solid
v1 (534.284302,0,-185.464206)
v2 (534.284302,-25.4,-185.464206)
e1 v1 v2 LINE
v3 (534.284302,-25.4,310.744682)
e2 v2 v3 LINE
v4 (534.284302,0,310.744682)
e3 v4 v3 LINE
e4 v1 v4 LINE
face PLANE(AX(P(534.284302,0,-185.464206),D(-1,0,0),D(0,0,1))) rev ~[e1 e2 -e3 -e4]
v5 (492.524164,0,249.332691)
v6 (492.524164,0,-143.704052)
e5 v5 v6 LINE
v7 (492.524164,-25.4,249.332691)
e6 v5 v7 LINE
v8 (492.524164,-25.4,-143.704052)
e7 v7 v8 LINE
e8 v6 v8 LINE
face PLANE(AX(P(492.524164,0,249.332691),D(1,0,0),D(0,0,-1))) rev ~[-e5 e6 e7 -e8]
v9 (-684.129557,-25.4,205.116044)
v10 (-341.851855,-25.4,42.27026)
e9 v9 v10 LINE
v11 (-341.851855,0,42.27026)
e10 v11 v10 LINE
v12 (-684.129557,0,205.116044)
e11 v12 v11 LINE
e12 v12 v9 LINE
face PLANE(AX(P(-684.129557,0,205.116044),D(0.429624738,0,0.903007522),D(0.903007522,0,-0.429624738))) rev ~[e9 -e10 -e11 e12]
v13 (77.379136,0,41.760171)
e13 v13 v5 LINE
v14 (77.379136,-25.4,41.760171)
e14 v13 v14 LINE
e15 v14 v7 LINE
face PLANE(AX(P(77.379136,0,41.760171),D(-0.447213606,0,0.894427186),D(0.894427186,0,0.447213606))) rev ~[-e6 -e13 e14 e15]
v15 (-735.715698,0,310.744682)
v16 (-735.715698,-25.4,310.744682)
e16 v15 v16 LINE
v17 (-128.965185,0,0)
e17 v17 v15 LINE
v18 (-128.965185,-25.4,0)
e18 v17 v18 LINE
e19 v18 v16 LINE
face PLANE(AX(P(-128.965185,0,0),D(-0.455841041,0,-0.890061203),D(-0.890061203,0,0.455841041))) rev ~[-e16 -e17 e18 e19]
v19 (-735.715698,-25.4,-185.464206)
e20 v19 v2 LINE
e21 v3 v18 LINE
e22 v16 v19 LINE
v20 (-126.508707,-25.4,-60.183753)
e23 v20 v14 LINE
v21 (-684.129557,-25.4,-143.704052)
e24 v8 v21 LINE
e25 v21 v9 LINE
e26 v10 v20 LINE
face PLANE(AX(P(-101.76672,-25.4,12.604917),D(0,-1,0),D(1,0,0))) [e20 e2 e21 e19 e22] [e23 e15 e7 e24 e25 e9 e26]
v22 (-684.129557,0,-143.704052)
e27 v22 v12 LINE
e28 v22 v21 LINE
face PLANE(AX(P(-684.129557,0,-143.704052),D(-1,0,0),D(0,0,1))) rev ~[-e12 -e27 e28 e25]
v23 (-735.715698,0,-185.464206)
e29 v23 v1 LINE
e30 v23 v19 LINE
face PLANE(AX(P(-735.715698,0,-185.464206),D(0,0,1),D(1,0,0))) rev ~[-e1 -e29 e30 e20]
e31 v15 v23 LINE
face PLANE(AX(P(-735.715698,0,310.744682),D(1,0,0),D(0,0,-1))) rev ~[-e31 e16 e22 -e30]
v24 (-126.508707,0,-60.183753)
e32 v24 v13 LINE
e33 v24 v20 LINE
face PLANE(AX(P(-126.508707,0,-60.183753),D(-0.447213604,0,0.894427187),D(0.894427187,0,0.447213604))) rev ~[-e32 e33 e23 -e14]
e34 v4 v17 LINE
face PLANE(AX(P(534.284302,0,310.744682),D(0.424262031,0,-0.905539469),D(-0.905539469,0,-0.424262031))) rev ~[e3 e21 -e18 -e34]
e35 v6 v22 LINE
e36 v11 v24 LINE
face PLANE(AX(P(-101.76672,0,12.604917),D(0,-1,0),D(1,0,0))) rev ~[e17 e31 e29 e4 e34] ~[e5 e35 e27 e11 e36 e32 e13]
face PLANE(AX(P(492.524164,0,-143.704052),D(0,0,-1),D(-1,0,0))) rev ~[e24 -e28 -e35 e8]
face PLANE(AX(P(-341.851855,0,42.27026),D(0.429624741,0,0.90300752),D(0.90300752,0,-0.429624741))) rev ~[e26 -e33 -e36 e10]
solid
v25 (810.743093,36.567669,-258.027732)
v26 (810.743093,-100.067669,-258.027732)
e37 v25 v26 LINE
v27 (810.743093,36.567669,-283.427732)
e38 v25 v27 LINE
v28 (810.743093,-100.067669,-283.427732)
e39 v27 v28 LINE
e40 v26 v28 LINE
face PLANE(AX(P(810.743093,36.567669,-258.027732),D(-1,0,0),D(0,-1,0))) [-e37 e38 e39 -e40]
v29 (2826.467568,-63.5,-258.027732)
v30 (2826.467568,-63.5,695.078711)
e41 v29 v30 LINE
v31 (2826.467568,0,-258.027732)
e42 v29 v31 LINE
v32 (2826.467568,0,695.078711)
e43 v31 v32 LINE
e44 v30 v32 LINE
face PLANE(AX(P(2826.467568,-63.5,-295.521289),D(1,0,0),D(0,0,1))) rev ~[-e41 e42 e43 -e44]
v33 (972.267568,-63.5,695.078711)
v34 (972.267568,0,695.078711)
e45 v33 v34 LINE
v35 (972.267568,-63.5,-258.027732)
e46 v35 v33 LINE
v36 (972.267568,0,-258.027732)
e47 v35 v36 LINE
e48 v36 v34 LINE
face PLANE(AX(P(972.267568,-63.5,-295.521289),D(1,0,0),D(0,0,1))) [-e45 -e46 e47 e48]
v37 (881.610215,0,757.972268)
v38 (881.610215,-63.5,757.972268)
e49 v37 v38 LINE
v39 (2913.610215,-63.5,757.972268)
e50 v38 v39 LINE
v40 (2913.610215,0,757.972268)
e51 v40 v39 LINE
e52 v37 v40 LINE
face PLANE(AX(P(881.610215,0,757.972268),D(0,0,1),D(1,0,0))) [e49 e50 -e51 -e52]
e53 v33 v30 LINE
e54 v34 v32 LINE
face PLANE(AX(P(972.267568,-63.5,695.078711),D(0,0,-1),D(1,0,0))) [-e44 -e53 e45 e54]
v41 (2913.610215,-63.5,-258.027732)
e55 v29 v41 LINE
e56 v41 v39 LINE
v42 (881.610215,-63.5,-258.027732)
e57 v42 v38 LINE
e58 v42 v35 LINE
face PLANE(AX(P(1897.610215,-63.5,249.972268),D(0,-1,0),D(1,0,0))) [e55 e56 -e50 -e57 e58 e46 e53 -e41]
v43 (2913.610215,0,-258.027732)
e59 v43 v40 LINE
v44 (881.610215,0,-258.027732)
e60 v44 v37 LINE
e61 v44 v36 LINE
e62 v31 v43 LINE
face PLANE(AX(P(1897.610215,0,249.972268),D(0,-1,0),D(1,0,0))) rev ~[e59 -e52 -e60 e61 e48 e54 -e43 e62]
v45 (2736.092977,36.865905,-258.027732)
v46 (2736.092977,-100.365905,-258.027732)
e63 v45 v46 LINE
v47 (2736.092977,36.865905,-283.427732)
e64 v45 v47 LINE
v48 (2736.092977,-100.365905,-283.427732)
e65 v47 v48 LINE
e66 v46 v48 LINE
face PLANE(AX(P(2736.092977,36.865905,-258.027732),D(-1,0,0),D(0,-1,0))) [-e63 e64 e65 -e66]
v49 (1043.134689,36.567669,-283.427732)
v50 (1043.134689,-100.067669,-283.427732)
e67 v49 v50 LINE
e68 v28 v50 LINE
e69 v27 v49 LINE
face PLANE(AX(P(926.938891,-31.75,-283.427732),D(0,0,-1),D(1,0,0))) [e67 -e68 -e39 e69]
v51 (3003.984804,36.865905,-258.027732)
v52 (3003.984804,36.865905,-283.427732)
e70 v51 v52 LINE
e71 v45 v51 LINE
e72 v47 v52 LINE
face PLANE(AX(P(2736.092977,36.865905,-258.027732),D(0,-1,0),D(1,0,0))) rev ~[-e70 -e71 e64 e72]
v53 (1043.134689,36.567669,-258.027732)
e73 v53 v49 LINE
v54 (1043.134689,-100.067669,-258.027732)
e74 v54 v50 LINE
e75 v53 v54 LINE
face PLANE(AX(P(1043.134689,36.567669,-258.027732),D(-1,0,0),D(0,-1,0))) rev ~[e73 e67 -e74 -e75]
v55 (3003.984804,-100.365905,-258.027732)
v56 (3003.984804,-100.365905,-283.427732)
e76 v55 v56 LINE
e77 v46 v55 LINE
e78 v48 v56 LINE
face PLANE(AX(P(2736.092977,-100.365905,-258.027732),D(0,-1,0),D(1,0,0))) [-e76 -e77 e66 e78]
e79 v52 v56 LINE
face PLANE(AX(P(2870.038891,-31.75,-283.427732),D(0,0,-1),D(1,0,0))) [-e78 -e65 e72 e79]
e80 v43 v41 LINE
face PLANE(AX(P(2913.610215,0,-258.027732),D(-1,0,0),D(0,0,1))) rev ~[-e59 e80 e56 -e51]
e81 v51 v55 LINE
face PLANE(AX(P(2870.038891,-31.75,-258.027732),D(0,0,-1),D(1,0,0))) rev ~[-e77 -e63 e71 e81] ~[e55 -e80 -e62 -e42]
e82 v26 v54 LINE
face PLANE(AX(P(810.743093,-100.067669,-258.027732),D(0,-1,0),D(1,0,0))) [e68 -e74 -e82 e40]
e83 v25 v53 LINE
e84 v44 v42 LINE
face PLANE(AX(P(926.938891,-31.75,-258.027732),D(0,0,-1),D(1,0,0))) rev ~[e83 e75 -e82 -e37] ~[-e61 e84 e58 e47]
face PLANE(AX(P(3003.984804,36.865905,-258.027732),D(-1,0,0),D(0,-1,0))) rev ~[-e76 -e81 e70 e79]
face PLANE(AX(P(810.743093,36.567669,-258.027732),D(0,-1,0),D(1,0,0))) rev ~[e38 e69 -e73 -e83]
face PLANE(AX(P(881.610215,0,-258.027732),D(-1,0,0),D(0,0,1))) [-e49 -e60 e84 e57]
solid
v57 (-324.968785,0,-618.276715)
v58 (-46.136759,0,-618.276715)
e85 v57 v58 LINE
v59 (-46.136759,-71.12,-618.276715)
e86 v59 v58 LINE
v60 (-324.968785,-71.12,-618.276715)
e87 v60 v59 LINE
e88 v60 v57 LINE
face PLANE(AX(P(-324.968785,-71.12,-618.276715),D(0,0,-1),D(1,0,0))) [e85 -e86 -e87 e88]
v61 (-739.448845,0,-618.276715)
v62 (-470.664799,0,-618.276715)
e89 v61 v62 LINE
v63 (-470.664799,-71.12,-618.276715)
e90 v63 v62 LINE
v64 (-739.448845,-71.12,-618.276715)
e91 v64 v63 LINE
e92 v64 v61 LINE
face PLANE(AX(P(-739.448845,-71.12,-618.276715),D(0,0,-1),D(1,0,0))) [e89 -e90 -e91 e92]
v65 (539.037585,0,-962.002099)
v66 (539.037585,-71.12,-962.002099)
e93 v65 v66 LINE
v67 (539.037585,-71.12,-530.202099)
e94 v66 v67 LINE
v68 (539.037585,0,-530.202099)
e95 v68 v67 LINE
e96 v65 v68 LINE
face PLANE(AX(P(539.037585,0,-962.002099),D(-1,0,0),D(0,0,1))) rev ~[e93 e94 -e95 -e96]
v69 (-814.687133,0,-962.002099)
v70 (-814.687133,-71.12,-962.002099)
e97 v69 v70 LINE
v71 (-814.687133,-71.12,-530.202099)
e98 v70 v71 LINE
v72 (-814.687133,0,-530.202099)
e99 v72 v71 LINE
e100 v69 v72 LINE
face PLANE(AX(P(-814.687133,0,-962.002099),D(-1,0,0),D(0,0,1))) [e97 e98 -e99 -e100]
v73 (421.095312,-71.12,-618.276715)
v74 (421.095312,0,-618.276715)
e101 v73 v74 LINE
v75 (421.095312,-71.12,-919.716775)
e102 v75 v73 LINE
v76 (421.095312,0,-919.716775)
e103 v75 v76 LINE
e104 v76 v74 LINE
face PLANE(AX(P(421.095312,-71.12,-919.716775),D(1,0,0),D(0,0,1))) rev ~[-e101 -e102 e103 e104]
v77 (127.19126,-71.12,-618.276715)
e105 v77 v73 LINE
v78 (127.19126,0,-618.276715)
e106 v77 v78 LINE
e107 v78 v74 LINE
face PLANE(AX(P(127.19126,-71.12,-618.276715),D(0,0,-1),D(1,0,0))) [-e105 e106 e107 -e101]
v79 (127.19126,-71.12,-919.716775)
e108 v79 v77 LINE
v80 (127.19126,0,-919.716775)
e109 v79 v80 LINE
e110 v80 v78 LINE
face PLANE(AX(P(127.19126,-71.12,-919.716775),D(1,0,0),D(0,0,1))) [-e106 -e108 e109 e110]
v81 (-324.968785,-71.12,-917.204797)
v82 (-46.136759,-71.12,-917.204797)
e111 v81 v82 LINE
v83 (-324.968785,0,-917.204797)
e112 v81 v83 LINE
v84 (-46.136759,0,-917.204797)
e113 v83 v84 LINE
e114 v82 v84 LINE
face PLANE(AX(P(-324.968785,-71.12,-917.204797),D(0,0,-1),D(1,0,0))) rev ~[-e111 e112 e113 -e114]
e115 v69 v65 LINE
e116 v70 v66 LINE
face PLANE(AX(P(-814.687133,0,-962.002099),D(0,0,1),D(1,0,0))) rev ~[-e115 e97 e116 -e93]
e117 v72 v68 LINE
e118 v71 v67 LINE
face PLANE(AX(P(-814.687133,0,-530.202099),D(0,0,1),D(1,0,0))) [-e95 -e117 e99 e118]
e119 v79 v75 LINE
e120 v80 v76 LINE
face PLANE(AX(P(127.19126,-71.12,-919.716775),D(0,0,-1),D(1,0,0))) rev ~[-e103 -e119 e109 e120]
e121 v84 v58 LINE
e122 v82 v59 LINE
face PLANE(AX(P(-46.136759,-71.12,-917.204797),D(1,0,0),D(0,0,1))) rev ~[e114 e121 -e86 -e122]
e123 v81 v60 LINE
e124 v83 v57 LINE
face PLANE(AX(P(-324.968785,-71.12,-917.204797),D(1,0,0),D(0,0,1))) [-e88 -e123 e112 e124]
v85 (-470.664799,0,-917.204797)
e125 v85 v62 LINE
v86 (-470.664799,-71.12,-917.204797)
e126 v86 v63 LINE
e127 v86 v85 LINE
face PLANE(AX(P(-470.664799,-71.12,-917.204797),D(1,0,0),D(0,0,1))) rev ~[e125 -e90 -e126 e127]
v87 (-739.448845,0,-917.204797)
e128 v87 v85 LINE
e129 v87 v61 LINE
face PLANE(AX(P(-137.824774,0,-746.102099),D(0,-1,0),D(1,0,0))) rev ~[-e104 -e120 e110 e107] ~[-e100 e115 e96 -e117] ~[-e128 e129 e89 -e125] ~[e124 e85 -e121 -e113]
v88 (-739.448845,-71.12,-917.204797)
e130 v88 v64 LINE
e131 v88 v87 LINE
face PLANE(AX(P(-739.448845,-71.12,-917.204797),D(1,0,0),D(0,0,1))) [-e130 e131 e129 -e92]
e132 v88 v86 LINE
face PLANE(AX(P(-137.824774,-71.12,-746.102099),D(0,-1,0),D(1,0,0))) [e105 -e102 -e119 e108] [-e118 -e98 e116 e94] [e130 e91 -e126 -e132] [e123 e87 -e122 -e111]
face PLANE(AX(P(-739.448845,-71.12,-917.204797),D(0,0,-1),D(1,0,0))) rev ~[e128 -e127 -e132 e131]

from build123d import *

# Parameters (mm, degrees)
F1_DEPTH  = 25.4
F2_W      = 1353.724718
F2_H      = 431.8
F3_DEPTH  = 71.12
F4_W      = 268.784046
F4_H      = 298.928082
F4_W_2    = 278.832026
F4_W_3    = 293.904052
F4_H_2    = 301.44006
F5_DEPTH  = 132.08
F6_W      = 2032
F6_H      = 1016
F7_DEPTH  = 63.5
F8_W      = 1854.2
F8_H      = 990.6
F9_DEPTH  = 276.86
F10_W     = 232.391596
F10_H     = 136.635338
F11_DEPTH = 25.4
F12_W     = 267.891827
F12_H     = 137.23181
F13_DEPTH = 25.4


with BuildPart() as f1:
    # F0 (on Front) → F1 (new body)
    with BuildSketch(Plane.XZ):
        Polygon((-735.715698, 310.744682), (-735.715698, 249.332691), (-735.715698, -185.464206), (534.284302, -185.464206), (534.284302, 310.744682), (-128.965185, 0), align=None)
        Polygon((-684.129557, -143.704052), (-684.129557, 205.116044), (-341.851855, 42.27026), (-126.508707, -60.183753), (77.379136, 41.760171), (492.524164, 249.332691), (492.524164, -143.704052), (77.379136, -143.704052), (-341.851855, -143.704052), align=None, mode=Mode.SUBTRACT)
    extrude(amount=F1_DEPTH)


with BuildPart() as f3:
    # F2 (on Front) → F3 (new body)
    with BuildSketch(Plane.XZ):
        with Locations((-137.824774, -746.102099)):
            Rectangle(F2_W, F2_H)
    extrude(amount=F3_DEPTH)

    # F4 (on face) → F5 (cut)
    with BuildSketch(Plane.XZ.offset(71.12)):
        with Locations((-605.056822, -767.740756)):
            Rectangle(F4_W, F4_H)
        with Locations((-185.552772, -767.740756)):
            Rectangle(F4_W_2, F4_H)
        with Locations((274.143286, -768.996745)):
            Rectangle(F4_W_3, F4_H_2)
    extrude(amount=-F5_DEPTH, mode=Mode.SUBTRACT)


with BuildPart() as f7:
    # F6 (on Front) → F7 (new body)
    with BuildSketch(Plane.XZ):
        with Locations((1897.610215, 249.972268)):
            Rectangle(F6_W, F6_H)
    extrude(amount=F7_DEPTH)

    # F8 (on face) → F9 (cut)
    with BuildSketch(Plane.XZ.offset(63.5)):
        with Locations((1899.367568, 199.778711)):
            Rectangle(F8_W, F8_H)
    extrude(amount=-F9_DEPTH, mode=Mode.SUBTRACT)

    # F10 (on face) → F11 (join)
    with BuildSketch(Plane(origin=(0, 0, -258.027732), x_dir=(1, 0, 0), z_dir=(0, 0, -1))):
        with Locations((926.938891, 31.75)):
            Rectangle(F10_W, F10_H)
    extrude(amount=F11_DEPTH)

    # F12 (on face) → F13 (join)
    with BuildSketch(Plane(origin=(0, 0, -258.027732), x_dir=(1, 0, 0), z_dir=(0, 0, -1))):
        with Locations((2870.038891, 31.75)):
            Rectangle(F12_W, F12_H)
    extrude(amount=F13_DEPTH)


solid = Compound([f1.part, f3.part, f7.part])
